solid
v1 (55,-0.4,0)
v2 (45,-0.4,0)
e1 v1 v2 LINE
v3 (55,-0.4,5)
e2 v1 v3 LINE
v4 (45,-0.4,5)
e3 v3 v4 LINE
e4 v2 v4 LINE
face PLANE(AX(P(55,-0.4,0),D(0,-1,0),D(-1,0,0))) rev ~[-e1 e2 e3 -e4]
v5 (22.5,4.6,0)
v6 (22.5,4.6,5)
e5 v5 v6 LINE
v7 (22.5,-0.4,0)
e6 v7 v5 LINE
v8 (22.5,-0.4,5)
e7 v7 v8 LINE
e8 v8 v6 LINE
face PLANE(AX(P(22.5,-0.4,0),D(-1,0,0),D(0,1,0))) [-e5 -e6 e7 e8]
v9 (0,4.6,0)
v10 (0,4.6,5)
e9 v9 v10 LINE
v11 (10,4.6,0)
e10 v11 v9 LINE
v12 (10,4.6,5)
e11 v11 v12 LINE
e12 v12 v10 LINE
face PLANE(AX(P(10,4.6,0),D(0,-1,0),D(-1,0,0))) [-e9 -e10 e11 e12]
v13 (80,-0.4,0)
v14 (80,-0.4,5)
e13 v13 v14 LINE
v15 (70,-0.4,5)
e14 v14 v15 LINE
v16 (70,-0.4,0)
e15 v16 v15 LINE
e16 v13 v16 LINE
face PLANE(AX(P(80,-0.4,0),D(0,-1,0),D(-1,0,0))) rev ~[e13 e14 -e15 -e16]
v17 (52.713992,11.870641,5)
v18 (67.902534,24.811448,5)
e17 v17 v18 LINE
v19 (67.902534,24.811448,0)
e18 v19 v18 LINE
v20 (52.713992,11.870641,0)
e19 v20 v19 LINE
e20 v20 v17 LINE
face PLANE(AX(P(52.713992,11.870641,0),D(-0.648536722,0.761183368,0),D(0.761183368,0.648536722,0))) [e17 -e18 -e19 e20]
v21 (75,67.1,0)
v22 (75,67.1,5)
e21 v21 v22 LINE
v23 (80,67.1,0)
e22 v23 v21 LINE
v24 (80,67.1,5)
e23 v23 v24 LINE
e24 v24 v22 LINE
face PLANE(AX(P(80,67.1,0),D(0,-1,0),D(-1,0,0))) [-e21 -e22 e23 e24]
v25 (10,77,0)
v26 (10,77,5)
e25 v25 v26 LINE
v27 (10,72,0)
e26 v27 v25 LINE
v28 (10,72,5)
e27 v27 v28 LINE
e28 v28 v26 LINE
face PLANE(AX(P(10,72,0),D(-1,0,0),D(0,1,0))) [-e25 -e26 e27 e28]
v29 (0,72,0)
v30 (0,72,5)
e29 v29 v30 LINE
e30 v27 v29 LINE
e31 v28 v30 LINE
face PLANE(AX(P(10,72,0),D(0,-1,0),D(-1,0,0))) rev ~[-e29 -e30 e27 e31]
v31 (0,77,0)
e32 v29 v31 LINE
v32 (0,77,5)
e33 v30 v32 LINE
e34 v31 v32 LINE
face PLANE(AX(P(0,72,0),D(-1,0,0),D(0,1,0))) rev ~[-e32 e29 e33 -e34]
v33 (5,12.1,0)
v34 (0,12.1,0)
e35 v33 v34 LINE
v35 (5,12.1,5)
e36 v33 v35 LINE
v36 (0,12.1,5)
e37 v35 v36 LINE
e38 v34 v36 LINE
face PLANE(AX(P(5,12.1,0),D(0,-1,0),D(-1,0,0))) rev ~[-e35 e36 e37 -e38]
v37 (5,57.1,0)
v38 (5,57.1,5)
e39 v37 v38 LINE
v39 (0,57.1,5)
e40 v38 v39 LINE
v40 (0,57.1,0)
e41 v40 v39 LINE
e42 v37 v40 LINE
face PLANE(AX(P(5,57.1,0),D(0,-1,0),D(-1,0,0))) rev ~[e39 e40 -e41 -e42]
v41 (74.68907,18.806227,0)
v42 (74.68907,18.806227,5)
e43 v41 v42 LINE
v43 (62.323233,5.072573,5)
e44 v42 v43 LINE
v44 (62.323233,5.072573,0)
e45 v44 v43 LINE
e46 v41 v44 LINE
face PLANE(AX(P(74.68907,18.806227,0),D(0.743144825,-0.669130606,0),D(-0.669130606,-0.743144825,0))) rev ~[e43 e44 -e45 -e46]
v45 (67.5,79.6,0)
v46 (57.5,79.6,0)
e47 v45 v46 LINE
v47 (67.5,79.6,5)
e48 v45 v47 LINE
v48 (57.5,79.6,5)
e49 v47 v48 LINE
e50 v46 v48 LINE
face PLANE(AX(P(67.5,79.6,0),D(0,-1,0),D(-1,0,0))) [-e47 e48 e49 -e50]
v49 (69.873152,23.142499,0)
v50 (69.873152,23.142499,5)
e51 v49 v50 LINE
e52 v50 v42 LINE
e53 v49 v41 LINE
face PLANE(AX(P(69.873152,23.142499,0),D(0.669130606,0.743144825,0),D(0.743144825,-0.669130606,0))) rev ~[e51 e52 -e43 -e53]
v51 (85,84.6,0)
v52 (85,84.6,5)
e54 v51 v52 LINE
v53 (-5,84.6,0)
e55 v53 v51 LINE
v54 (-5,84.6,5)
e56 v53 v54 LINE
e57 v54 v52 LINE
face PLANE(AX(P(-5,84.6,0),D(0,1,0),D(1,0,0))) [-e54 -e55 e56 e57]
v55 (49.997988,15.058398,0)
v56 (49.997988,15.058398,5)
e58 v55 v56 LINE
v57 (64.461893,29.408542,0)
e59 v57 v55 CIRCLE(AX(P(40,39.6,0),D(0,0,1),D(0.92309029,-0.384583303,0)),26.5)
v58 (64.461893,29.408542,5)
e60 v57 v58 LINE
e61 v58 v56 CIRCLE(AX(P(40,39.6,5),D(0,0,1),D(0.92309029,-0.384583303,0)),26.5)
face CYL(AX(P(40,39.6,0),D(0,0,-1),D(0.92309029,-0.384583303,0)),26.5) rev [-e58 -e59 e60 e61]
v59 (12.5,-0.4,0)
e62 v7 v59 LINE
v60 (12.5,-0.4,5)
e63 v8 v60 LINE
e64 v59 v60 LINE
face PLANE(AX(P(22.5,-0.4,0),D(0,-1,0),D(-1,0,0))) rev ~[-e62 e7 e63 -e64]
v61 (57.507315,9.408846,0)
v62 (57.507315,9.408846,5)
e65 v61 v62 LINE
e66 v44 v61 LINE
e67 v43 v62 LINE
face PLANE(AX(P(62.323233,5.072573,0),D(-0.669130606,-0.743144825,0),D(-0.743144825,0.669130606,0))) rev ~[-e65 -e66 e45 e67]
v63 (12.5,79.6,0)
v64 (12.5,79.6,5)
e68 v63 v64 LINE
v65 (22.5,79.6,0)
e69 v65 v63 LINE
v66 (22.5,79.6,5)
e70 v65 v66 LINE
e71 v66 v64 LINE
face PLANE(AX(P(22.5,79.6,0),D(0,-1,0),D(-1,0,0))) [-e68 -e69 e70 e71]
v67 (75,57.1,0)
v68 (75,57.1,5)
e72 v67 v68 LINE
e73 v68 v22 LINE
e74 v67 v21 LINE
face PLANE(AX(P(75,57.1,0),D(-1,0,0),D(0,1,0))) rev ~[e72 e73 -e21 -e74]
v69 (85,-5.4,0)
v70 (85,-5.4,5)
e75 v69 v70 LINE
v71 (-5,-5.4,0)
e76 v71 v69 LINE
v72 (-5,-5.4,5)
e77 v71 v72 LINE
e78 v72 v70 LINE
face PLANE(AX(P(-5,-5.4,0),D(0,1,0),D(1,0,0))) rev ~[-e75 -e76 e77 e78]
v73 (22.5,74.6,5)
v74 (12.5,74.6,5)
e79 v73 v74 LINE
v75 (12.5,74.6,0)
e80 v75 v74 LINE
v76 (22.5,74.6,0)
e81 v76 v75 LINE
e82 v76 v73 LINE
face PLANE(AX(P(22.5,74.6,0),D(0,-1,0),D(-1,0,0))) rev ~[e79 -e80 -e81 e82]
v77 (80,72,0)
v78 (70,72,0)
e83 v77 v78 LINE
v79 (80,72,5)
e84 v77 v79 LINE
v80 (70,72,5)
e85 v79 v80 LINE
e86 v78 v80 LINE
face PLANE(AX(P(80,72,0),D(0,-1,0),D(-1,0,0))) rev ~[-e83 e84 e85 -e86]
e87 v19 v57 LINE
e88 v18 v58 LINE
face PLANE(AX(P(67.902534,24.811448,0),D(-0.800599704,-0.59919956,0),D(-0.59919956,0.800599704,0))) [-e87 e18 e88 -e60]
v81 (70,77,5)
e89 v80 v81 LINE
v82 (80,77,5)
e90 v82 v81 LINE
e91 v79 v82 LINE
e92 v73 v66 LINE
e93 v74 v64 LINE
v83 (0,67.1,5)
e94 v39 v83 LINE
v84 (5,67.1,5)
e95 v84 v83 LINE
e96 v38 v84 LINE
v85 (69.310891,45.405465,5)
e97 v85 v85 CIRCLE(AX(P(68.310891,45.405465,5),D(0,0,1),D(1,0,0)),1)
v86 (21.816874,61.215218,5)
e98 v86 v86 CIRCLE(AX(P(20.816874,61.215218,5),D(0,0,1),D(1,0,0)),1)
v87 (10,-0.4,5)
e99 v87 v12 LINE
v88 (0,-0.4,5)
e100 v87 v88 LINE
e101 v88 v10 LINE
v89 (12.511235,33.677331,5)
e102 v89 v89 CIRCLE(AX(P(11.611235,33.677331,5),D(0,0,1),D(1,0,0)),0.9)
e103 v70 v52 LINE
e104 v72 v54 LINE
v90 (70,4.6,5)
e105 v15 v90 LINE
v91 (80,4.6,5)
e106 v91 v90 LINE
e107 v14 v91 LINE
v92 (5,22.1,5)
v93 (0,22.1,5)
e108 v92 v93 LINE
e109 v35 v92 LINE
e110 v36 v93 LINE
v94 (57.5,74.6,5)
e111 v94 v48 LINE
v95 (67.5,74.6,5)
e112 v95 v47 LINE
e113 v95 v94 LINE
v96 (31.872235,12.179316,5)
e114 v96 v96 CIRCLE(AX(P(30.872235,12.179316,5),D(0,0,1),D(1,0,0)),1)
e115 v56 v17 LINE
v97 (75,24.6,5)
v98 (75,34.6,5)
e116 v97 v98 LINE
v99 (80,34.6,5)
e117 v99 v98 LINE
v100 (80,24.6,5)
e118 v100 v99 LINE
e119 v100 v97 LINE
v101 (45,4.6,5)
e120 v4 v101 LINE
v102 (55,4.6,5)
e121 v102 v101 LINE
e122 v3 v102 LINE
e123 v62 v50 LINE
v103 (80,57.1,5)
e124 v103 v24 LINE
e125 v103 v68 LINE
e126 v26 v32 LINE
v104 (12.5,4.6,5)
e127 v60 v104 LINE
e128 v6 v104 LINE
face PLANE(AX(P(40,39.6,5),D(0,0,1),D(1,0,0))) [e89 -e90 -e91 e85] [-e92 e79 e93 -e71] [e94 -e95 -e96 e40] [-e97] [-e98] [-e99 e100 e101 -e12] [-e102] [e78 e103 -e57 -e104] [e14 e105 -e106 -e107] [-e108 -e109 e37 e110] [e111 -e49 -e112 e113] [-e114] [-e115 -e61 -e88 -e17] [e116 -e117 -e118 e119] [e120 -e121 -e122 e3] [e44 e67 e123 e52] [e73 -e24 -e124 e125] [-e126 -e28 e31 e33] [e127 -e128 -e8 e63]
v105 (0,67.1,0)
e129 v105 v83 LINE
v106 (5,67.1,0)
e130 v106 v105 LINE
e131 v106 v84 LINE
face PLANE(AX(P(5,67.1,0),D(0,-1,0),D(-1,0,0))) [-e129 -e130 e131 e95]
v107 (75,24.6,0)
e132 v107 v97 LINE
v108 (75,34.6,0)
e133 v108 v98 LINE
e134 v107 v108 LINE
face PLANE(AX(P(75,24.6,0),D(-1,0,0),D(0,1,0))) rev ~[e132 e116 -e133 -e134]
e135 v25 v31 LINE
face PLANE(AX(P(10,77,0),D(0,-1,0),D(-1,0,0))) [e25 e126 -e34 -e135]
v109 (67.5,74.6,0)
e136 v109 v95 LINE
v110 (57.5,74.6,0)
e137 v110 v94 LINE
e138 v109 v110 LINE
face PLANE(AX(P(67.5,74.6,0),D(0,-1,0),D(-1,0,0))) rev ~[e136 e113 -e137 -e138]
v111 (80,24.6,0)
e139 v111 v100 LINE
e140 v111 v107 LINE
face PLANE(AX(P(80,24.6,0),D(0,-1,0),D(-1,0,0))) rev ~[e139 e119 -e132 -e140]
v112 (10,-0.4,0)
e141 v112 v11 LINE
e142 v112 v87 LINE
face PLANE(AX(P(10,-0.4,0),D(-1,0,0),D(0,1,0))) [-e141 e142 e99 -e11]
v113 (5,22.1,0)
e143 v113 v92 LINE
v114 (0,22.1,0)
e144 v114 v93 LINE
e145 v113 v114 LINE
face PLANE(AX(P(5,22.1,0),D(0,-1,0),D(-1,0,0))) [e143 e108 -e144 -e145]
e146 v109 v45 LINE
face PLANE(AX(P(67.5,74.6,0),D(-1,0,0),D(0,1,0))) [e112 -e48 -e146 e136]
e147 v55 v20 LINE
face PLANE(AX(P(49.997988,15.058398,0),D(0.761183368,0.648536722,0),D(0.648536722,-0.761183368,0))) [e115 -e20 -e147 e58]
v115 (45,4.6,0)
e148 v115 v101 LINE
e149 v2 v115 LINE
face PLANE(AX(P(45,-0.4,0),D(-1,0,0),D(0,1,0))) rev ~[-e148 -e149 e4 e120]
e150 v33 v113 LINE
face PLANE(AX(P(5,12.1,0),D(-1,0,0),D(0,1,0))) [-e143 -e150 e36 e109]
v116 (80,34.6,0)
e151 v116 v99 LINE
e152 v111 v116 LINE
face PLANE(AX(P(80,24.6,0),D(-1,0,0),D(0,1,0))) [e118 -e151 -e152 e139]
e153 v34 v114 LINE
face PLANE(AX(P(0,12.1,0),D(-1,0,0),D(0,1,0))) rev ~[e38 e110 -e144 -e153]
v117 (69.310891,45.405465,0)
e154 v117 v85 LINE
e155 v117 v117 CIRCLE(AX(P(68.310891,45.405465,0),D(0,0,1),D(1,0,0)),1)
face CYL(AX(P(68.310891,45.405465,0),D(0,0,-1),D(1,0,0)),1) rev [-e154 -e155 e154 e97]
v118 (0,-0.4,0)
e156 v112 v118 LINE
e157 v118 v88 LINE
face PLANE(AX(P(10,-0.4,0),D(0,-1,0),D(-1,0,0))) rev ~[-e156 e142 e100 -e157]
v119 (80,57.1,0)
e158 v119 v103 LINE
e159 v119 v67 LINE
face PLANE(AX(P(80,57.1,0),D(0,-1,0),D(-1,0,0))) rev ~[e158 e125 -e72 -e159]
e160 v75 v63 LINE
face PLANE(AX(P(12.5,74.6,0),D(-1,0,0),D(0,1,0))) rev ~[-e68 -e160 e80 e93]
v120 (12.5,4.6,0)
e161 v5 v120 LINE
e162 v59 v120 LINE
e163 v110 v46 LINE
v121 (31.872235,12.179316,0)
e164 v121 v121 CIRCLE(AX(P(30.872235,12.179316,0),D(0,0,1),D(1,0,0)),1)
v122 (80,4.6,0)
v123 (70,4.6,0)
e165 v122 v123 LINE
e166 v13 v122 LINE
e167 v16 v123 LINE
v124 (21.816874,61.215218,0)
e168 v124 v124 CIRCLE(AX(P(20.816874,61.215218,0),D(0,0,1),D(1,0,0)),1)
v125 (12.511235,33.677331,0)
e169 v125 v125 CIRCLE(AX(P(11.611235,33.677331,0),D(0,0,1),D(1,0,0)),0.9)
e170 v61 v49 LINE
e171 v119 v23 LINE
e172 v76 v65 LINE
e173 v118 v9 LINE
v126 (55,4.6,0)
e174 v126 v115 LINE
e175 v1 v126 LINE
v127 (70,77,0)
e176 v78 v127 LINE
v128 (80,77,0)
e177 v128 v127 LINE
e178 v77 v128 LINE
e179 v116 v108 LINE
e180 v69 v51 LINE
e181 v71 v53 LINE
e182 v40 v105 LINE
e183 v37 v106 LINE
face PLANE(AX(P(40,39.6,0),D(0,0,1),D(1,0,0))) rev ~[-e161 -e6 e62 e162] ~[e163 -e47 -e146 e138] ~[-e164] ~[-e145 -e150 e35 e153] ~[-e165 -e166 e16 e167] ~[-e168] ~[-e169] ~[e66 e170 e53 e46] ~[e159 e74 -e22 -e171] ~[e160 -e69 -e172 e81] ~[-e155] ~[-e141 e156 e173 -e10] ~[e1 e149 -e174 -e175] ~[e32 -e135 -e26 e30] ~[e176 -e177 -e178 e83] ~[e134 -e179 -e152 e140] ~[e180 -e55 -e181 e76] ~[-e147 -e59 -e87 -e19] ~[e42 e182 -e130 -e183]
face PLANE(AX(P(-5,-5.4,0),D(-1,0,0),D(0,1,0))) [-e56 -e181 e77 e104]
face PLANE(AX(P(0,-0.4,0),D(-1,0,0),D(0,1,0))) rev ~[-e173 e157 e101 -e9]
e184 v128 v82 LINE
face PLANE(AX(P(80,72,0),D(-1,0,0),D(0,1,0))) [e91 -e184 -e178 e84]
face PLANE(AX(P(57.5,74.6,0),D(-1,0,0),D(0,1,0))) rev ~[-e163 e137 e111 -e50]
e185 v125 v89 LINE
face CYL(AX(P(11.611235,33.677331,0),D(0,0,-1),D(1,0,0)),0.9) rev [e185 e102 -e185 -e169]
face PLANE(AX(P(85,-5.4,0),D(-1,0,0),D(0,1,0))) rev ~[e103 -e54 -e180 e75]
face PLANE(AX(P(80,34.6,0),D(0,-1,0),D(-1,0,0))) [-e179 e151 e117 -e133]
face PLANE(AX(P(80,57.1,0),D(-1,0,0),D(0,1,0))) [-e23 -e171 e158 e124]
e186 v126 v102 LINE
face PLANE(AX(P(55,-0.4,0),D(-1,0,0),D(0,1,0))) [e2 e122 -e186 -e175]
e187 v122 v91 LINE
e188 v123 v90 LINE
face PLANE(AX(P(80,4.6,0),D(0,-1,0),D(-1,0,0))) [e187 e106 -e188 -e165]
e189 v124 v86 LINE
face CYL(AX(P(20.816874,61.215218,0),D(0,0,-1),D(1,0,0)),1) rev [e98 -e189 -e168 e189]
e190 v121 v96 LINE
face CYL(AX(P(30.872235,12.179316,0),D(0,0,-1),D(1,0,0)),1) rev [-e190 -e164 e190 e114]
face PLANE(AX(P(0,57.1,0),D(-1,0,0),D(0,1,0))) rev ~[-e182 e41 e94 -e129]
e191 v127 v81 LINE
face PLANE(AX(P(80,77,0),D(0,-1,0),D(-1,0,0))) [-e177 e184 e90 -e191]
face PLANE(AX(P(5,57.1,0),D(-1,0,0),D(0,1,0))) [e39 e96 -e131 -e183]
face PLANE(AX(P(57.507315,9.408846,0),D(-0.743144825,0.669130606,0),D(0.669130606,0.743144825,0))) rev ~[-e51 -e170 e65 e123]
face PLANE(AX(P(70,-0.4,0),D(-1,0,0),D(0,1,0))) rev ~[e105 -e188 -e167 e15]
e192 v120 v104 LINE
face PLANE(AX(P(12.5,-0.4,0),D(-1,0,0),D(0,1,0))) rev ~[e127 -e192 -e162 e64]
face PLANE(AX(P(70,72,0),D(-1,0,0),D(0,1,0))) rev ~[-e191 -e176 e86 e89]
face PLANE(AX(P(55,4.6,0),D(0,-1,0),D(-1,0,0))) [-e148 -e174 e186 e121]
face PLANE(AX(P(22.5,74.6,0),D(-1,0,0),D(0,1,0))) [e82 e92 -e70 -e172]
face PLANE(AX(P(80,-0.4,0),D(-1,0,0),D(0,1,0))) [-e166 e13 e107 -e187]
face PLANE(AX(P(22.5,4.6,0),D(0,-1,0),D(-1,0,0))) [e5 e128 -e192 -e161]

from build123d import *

# Parameters (mm, degrees)
ESQUISSE1_W        = 90
ESQUISSE1_H        = 90
ESQUISSE1_R        = 1
ESQUISSE1_R_2      = 0.9
BOSS_EXTRU_2_DEPTH = 5
ESQUISSE2_W        = 10
ESQUISSE2_H        = 5
ESQUISSE2_W_2      = 5
ESQUISSE2_H_2      = 10
CR_NEAUX_DEPTH     = 5


with BuildPart() as part:
    # Esquisse1 → Boss.-Extru.2 (new body)
    with BuildSketch(Plane.XY):
        with Locations((40, 39.6)):
            Rectangle(ESQUISSE1_W, ESQUISSE1_H)
        with Locations((20.816873759, 61.215218426)):
            Circle(ESQUISSE1_R, mode=Mode.SUBTRACT)
        with Locations((68.310891386, 45.405465436)):
            Circle(ESQUISSE1_R, mode=Mode.SUBTRACT)
        with Locations((30.872234855, 12.179316138)):
            Circle(ESQUISSE1_R, mode=Mode.SUBTRACT)
        with Locations((11.611234754, 33.677331021)):
            Circle(ESQUISSE1_R_2, mode=Mode.SUBTRACT)
        with BuildLine():
            Line((49.997987668, 15.058397717), (52.713992085, 11.870640851))
            Line((52.713992085, 11.870640851), (67.902534408, 24.811448374))
            Line((67.902534408, 24.811448374), (64.461892674, 29.40854246))
            ThreePointArc((64.461892674, 29.40854246), (21.335796244, 58.41216357), (49.997987668, 15.058397717))
        make_face(mode=Mode.SUBTRACT)
        Polygon((57.507314904, 9.408845516), (69.87315206, 23.142499017), (74.68907042, 18.806226648), (62.323233265, 5.072573147), align=None, mode=Mode.SUBTRACT)
    extrude(amount=BOSS_EXTRU_2_DEPTH)

    # Esquisse2 → Créneaux - (cut)
    with BuildSketch(Plane(origin=(0, 0, 0), x_dir=(-1, 0, 0), z_dir=(0, 0, -1))):
        with Locations((-75, 74.5)):
            Rectangle(ESQUISSE2_W, ESQUISSE2_H)
        with Locations((-5, 74.5)):
            Rectangle(ESQUISSE2_W, ESQUISSE2_H)
        with Locations((-17.5, 77.1)):
            Rectangle(ESQUISSE2_W, ESQUISSE2_H)
        with Locations((-75, 2.1)):
            Rectangle(ESQUISSE2_W, ESQUISSE2_H)
        with Locations((-5, 2.1)):
            Rectangle(ESQUISSE2_W, ESQUISSE2_H)
        with Locations((-62.5, 77.1)):
            Rectangle(ESQUISSE2_W, ESQUISSE2_H)
        with Locations((-2.5, 17.1)):
            Rectangle(ESQUISSE2_W_2, ESQUISSE2_H_2)
        with Locations((-2.5, 62.1)):
            Rectangle(ESQUISSE2_W_2, ESQUISSE2_H_2)
        with Locations((-17.5, 2.1)):
            Rectangle(ESQUISSE2_W, ESQUISSE2_H)
        with Locations((-50, 2.1)):
            Rectangle(ESQUISSE2_W, ESQUISSE2_H)
        with Locations((-77.5, 62.1)):
            Rectangle(ESQUISSE2_W_2, ESQUISSE2_H_2)
        with Locations((-77.5, 29.6)):
            Rectangle(ESQUISSE2_W_2, ESQUISSE2_H_2)
    extrude(amount=-CR_NEAUX_DEPTH, mode=Mode.SUBTRACT)


solid = part.part
